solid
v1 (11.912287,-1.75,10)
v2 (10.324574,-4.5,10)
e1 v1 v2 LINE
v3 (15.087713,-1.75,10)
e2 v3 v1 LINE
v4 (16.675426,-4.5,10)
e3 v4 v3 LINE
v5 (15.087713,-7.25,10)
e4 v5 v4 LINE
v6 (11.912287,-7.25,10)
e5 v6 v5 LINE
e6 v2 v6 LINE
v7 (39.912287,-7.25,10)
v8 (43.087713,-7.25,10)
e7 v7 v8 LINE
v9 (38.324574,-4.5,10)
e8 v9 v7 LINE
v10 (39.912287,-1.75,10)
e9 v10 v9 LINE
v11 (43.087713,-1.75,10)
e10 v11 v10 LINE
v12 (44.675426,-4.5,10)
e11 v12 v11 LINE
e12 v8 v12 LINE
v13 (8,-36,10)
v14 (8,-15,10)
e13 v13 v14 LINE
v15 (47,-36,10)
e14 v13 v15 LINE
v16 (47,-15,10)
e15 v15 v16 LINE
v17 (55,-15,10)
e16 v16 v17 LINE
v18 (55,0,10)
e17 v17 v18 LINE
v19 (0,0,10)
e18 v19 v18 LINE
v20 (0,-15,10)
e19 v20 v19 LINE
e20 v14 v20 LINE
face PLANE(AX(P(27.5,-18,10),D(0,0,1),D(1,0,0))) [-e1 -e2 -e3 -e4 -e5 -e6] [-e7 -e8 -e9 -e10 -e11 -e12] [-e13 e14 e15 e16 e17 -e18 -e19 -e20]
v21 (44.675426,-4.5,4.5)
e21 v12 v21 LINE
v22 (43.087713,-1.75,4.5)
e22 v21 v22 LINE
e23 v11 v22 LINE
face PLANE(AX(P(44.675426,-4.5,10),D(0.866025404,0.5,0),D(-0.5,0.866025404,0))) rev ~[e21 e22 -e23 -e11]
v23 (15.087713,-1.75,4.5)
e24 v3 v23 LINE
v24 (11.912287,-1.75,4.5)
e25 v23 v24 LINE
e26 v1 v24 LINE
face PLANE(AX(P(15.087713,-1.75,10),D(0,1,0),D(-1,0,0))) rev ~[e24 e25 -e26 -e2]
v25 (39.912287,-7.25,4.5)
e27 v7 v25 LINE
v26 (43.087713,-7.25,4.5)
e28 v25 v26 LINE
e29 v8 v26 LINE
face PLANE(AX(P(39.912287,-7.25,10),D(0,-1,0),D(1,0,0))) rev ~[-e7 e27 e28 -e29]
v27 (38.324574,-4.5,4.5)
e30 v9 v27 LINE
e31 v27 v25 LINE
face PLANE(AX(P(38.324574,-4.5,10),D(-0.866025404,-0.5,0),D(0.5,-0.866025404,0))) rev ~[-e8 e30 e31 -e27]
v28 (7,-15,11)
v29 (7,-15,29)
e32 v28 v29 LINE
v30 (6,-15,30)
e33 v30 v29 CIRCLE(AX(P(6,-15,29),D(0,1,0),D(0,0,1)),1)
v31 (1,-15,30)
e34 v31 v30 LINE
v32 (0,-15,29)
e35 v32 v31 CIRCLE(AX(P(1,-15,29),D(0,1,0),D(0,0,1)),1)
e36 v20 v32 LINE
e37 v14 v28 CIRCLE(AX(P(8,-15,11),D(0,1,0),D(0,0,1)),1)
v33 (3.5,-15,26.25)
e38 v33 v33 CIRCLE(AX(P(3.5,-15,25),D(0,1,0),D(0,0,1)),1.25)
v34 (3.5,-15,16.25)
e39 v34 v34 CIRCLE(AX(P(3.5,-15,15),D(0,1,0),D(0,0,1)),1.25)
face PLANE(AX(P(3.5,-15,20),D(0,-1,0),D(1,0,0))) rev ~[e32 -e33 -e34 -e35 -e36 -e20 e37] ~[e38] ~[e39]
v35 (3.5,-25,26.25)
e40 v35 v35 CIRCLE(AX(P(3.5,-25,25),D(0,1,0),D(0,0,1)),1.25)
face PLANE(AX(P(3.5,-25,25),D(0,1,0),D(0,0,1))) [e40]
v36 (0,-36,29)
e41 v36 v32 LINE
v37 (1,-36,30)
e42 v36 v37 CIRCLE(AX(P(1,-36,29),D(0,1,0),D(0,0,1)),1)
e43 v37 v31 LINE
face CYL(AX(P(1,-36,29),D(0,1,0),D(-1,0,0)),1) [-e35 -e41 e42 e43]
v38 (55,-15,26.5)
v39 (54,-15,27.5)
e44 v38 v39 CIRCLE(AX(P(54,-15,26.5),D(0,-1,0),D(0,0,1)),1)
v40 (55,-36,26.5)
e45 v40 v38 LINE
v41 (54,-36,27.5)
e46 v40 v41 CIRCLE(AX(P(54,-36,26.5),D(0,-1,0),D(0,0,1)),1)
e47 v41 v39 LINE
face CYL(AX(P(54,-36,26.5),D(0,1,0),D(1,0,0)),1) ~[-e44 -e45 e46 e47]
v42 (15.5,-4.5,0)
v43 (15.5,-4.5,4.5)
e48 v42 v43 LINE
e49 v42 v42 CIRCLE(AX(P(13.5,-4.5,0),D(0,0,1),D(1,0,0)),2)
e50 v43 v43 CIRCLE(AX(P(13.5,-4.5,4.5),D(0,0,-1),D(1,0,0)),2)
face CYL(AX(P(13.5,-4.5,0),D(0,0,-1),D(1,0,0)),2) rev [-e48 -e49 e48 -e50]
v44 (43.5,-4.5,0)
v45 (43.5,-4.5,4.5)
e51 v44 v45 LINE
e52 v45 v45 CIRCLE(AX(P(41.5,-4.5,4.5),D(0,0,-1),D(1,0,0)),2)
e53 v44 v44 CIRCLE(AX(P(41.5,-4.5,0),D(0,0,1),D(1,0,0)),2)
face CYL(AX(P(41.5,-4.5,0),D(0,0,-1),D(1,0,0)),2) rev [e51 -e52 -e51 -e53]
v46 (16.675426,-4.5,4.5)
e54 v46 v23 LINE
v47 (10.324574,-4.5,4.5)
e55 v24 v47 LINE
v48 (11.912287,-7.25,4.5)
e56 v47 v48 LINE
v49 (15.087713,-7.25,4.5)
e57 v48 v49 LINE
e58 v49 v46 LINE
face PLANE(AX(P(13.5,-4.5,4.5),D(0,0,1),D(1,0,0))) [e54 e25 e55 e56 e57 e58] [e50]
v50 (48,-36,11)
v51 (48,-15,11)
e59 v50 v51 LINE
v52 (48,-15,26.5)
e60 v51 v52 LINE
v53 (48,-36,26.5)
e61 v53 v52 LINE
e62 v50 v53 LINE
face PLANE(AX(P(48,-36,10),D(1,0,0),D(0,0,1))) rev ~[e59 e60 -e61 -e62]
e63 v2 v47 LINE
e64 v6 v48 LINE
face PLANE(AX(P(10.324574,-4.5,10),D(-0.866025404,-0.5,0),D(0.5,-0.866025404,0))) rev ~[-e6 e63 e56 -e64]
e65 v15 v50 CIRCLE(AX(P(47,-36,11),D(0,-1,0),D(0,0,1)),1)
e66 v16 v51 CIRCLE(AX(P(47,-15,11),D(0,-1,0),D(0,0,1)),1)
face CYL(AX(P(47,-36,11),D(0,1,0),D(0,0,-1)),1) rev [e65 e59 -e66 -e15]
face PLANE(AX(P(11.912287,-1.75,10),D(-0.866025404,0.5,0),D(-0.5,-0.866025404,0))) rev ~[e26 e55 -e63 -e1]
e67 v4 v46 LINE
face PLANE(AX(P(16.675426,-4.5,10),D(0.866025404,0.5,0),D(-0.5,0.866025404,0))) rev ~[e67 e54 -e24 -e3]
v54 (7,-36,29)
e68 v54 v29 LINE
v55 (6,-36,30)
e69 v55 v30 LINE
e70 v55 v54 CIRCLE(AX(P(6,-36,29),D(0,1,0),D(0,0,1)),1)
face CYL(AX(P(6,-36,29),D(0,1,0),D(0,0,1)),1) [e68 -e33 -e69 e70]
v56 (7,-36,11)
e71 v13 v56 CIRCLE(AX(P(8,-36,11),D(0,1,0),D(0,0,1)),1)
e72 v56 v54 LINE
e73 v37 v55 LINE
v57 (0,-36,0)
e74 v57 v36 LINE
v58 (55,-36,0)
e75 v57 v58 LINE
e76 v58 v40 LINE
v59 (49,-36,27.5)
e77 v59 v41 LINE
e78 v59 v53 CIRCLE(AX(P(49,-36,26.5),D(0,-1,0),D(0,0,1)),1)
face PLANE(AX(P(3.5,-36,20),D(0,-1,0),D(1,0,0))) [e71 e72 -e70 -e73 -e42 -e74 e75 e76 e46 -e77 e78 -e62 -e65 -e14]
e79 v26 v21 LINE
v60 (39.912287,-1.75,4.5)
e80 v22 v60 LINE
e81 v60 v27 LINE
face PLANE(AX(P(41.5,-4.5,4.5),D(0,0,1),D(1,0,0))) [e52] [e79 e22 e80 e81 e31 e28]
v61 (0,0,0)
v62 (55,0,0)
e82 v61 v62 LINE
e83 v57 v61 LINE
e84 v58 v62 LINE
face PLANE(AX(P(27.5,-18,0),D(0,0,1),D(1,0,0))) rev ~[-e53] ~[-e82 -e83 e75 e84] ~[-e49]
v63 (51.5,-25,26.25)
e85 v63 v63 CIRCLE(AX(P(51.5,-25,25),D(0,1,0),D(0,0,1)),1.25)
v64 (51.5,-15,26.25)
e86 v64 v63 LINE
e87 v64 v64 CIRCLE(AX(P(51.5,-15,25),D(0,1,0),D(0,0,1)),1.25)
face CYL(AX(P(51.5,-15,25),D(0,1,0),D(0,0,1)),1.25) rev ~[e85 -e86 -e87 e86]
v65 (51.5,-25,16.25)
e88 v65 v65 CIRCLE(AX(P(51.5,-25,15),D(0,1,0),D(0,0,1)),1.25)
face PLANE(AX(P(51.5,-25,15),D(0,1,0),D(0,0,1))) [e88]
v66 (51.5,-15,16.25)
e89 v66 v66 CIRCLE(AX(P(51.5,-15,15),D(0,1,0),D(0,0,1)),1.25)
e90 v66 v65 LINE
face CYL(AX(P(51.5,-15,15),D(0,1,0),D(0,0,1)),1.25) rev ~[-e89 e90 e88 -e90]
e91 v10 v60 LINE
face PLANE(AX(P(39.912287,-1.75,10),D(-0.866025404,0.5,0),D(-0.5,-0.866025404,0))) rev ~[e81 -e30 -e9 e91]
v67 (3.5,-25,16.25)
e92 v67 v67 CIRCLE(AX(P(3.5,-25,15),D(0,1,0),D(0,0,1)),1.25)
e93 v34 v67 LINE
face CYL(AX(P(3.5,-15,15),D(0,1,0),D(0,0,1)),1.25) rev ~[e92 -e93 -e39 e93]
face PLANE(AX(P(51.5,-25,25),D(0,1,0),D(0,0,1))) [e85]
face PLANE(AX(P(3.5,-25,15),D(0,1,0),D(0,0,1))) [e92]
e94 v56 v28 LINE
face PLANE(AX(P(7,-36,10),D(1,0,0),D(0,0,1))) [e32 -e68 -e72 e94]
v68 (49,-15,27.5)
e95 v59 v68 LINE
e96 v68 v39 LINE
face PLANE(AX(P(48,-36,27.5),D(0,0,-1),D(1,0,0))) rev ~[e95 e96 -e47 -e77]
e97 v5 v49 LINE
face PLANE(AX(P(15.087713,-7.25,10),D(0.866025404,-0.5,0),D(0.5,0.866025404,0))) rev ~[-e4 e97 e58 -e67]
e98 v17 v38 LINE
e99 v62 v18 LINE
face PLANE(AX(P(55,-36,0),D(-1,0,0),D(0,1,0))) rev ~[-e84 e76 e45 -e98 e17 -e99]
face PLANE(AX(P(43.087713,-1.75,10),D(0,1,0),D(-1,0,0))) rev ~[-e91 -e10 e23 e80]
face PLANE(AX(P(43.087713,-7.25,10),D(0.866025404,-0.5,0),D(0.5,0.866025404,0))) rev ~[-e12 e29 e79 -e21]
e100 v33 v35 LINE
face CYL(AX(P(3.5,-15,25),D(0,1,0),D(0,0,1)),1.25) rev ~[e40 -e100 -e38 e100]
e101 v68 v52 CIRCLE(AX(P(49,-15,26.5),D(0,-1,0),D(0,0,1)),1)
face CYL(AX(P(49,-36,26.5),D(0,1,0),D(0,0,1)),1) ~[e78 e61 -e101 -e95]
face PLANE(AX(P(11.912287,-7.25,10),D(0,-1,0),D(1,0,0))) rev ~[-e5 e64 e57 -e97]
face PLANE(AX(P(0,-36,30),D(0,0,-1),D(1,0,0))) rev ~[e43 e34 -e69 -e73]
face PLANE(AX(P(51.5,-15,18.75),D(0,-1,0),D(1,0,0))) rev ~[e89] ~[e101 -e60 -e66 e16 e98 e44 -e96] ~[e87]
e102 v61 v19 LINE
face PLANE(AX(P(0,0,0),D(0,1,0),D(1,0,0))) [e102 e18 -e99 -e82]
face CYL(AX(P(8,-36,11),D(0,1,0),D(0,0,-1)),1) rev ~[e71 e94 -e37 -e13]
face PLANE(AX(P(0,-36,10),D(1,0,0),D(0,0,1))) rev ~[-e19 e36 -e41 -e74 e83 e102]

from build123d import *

# Parameters (mm, degrees)
SKETCH1_W           = 55
SKETCH1_H           = 36
SKETCH1_R           = 2
BOSS_EXTRUDE1_DEPTH = 10
SKETCH2_W           = 7
SKETCH2_H           = 20
SKETCH2_H_2         = 17.5
BOSS_EXTRUDE2_DEPTH = 21
SKETCH3_R           = 1.25
CUT_EXTRUDE1_DEPTH  = 10
CUT_EXTRUDE2_DEPTH  = 5.5
LPATTERN1_COUNT     = 2
LPATTERN1_PITCH     = 28
FILLET1_R           = 1


with BuildPart() as part:
    # Sketch1 → Boss-Extrude1 (new body)
    with BuildSketch(Plane.XY):
        with Locations((27.5, -18)):
            Rectangle(SKETCH1_W, SKETCH1_H)
        with Locations((13.5, -4.5)):
            Circle(SKETCH1_R, mode=Mode.SUBTRACT)
        with Locations((41.5, -4.5)):
            Circle(SKETCH1_R, mode=Mode.SUBTRACT)
    extrude(amount=BOSS_EXTRUDE1_DEPTH)

    # Sketch2 → Boss-Extrude2 (add)
    with BuildSketch(Plane.XZ.offset(36)):
        with Locations((3.5, 20)):
            Rectangle(SKETCH2_W, SKETCH2_H)
        with Locations((51.5, 18.75)):
            Rectangle(SKETCH2_W, SKETCH2_H_2)
    extrude(amount=-BOSS_EXTRUDE2_DEPTH)

    # Sketch3 → Cut-Extrude1 (cut)
    with BuildSketch(Plane(origin=(0, -15, 0), x_dir=(1, 0, 0), z_dir=(0, 1, 0))):
        with Locations(Location((3.5, -15, 0), (0, 0, 270))):
            Circle(SKETCH3_R)
        with Locations(Location((51.5, -15, 0), (0, 0, 270))):
            Circle(SKETCH3_R)
        with Locations(Location((51.5, -25, 0), (0, 0, 270))):
            Circle(SKETCH3_R)
        with Locations(Location((3.5, -25, 0), (0, 0, 270))):
            Circle(SKETCH3_R)
    extrude(amount=-CUT_EXTRUDE1_DEPTH, mode=Mode.SUBTRACT)

    # Sketch4 → Cut-Extrude2 (cut)
    with BuildSketch(Plane.XY.offset(10)):
        Polygon((11.91228676, -1.75), (10.324573519, -4.5), (11.91228676, -7.25), (15.08771324, -7.25), (16.675426481, -4.5), (15.08771324, -1.75), align=None)
    cut_extrude2 = extrude(amount=-CUT_EXTRUDE2_DEPTH, mode=Mode.SUBTRACT)

    # LPattern1: Cut-Extrude2 ×2
    with Locations(*[(i * LPATTERN1_PITCH, 0, 0) for i in range(1, LPATTERN1_COUNT)]):
        add(cut_extrude2, mode=Mode.SUBTRACT)

    # Fillet1
    fillet1_edges = [part.edges().sort_by_distance(p)[0] for p in [
        (0, -25.5, 30),
        (7, -25.5, 30),
        (7, -25.5, 10),
        (55, -25.5, 27.5),
        (48, -25.5, 10),
        (48, -25.5, 27.5),
    ]]
    fillet(fillet1_edges, radius=FILLET1_R)


solid = part.part
